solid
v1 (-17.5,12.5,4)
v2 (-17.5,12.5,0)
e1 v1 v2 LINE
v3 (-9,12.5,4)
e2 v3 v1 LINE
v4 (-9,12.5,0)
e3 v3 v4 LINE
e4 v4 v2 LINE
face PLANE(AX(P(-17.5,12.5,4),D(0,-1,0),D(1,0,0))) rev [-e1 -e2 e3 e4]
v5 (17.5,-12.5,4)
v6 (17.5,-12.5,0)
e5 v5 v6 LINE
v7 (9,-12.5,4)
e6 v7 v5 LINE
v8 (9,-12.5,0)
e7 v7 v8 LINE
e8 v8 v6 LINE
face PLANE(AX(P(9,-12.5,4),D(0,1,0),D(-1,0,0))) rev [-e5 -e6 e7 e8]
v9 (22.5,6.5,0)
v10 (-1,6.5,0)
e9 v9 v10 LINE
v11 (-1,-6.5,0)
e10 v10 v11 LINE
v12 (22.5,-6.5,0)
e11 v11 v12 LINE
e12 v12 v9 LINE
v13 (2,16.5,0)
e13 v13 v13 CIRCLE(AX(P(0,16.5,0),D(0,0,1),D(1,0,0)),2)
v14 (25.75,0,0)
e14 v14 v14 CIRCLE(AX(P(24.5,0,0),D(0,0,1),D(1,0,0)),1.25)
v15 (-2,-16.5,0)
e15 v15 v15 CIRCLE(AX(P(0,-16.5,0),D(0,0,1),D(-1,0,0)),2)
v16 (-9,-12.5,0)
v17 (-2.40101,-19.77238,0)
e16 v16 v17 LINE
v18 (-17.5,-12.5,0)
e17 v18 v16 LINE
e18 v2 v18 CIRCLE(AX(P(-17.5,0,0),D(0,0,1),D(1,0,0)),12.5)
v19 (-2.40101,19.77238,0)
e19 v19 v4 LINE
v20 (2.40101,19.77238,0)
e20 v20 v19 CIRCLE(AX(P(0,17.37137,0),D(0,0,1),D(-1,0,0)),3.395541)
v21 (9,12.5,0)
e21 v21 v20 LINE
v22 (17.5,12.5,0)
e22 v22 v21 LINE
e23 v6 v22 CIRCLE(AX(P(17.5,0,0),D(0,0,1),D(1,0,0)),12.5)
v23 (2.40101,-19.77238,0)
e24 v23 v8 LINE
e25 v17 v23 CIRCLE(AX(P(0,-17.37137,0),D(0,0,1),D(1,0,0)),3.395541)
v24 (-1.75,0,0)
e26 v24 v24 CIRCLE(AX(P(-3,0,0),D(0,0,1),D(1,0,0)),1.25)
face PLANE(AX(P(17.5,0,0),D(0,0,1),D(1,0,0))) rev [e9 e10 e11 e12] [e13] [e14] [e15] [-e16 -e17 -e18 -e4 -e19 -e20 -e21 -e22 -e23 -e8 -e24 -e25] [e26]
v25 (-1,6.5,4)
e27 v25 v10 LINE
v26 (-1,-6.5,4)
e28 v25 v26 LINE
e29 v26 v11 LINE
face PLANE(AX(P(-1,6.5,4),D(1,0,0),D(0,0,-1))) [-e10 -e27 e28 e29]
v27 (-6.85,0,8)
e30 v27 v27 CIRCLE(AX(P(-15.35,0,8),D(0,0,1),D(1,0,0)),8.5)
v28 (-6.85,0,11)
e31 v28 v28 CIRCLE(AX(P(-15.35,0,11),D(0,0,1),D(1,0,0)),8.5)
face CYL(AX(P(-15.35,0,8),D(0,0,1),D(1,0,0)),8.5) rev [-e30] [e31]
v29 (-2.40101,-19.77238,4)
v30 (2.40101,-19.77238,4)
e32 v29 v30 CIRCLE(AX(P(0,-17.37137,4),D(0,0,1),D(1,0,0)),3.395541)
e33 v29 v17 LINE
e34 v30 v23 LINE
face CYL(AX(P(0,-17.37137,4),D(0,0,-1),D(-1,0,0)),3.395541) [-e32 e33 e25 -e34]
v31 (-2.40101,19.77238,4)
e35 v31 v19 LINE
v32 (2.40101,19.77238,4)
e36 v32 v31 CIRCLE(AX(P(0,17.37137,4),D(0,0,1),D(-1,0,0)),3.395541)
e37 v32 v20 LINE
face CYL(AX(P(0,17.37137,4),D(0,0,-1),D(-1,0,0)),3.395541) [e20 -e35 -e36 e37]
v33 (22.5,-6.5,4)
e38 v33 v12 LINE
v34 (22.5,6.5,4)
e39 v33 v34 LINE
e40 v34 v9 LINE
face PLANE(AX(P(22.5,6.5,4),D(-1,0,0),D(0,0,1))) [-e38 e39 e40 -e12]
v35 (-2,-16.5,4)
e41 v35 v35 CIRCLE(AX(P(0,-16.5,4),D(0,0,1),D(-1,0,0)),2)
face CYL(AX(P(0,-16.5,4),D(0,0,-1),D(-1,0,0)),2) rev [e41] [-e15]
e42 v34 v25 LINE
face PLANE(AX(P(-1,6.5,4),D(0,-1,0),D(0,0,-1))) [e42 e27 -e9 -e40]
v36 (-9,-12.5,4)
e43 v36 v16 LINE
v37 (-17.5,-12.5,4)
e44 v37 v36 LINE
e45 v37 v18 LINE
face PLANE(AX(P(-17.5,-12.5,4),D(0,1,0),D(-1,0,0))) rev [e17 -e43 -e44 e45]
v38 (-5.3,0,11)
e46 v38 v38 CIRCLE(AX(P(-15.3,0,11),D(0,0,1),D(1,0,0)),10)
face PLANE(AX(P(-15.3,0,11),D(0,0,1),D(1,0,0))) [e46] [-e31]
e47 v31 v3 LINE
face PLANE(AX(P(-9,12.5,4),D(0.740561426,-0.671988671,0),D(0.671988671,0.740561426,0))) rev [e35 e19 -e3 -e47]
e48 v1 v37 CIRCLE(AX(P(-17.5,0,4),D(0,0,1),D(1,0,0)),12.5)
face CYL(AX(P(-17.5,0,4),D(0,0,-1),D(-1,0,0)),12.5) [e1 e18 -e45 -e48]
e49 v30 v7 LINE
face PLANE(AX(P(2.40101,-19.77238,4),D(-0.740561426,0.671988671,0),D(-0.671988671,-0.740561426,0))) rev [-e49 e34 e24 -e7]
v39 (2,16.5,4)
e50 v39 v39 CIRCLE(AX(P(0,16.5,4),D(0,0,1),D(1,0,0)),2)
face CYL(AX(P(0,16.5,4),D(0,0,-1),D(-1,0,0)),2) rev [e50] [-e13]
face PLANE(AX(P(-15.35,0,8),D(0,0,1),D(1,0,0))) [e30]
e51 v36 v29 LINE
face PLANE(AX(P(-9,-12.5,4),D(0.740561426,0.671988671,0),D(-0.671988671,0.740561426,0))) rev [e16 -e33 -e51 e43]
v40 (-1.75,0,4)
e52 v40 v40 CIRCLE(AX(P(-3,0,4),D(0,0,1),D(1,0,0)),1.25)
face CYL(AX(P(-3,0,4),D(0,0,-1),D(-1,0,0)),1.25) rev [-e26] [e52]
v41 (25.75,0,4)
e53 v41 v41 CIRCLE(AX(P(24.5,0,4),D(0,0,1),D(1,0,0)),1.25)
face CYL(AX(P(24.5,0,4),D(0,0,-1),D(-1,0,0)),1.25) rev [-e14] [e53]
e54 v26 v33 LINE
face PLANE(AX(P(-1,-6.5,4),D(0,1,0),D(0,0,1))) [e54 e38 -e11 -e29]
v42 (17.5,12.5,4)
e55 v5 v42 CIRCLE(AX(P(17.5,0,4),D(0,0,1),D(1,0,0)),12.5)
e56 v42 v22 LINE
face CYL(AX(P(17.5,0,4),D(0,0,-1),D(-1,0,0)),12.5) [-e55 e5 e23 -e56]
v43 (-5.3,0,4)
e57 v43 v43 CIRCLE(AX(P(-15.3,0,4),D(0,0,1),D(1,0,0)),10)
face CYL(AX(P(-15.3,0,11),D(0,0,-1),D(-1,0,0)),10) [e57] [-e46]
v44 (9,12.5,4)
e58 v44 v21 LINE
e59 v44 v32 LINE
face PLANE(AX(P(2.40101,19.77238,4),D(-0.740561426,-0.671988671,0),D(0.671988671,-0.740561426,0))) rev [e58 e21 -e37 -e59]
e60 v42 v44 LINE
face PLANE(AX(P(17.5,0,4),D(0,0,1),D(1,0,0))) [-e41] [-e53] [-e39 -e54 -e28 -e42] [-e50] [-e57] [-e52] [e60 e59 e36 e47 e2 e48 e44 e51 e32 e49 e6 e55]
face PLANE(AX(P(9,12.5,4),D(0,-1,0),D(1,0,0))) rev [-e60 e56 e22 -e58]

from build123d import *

# Parameters (mm, degrees)
SKETCH1_R           = 2
SKETCH1_R_2         = 1.25
SKETCH1_W           = 23.5
SKETCH1_H           = 13
BOSS_EXTRUDE1_DEPTH = 4
SKETCH3_R           = 10
BOSS_EXTRUDE2_DEPTH = 7
SKETCH4_R           = 8.5
CUT_EXTRUDE1_DEPTH  = 3


with BuildPart() as part:
    # Sketch1 → Boss-Extrude1 (new body)
    with BuildSketch(Plane.XY):
        with BuildLine():
            Line((-9, 12.5), (-2.401010284, 19.772380391))
            ThreePointArc((-2.401010284, 19.772380391), (0, 20.766911414), (2.401010284, 19.772380391))
            Line((2.401010284, 19.772380391), (9, 12.5))
            Line((9, 12.5), (17.5, 12.5))
            ThreePointArc((17.5, 12.5), (30, 0), (17.5, -12.5))
            Line((17.5, -12.5), (9, -12.5))
            Line((9, -12.5), (2.401010284, -19.772380391))
            ThreePointArc((2.401010284, -19.772380391), (0, -20.766911414), (-2.401010284, -19.772380391))
            Line((-2.401010284, -19.772380391), (-9, -12.5))
            Line((-9, -12.5), (-17.5, -12.5))
            ThreePointArc((-17.5, -12.5), (-30, 0), (-17.5, 12.5))
            Line((-17.5, 12.5), (-9, 12.5))
        make_face()
        with Locations((0, 16.5)):
            Circle(SKETCH1_R, mode=Mode.SUBTRACT)
        with Locations(Location((0, -16.5, 0), (0, 0, 180))):
            Circle(SKETCH1_R, mode=Mode.SUBTRACT)
        with Locations((-3, 0)):
            Circle(SKETCH1_R_2, mode=Mode.SUBTRACT)
        with Locations((24.5, 0)):
            Circle(SKETCH1_R_2, mode=Mode.SUBTRACT)
        with Locations((10.75, 0)):
            Rectangle(SKETCH1_W, SKETCH1_H, mode=Mode.SUBTRACT)
    extrude(amount=BOSS_EXTRUDE1_DEPTH)

    # Sketch3 → Boss-Extrude2 (add)
    with BuildSketch(Plane.XY.offset(4)):
        with Locations((-15.3, 0)):
            Circle(SKETCH3_R)
    extrude(amount=BOSS_EXTRUDE2_DEPTH)

    # Sketch4 → Cut-Extrude1 (cut)
    with BuildSketch(Plane.XY.offset(11)):
        with Locations((-15.35, 0)):
            Circle(SKETCH4_R)
    extrude(amount=-CUT_EXTRUDE1_DEPTH, mode=Mode.SUBTRACT)


solid = part.part
